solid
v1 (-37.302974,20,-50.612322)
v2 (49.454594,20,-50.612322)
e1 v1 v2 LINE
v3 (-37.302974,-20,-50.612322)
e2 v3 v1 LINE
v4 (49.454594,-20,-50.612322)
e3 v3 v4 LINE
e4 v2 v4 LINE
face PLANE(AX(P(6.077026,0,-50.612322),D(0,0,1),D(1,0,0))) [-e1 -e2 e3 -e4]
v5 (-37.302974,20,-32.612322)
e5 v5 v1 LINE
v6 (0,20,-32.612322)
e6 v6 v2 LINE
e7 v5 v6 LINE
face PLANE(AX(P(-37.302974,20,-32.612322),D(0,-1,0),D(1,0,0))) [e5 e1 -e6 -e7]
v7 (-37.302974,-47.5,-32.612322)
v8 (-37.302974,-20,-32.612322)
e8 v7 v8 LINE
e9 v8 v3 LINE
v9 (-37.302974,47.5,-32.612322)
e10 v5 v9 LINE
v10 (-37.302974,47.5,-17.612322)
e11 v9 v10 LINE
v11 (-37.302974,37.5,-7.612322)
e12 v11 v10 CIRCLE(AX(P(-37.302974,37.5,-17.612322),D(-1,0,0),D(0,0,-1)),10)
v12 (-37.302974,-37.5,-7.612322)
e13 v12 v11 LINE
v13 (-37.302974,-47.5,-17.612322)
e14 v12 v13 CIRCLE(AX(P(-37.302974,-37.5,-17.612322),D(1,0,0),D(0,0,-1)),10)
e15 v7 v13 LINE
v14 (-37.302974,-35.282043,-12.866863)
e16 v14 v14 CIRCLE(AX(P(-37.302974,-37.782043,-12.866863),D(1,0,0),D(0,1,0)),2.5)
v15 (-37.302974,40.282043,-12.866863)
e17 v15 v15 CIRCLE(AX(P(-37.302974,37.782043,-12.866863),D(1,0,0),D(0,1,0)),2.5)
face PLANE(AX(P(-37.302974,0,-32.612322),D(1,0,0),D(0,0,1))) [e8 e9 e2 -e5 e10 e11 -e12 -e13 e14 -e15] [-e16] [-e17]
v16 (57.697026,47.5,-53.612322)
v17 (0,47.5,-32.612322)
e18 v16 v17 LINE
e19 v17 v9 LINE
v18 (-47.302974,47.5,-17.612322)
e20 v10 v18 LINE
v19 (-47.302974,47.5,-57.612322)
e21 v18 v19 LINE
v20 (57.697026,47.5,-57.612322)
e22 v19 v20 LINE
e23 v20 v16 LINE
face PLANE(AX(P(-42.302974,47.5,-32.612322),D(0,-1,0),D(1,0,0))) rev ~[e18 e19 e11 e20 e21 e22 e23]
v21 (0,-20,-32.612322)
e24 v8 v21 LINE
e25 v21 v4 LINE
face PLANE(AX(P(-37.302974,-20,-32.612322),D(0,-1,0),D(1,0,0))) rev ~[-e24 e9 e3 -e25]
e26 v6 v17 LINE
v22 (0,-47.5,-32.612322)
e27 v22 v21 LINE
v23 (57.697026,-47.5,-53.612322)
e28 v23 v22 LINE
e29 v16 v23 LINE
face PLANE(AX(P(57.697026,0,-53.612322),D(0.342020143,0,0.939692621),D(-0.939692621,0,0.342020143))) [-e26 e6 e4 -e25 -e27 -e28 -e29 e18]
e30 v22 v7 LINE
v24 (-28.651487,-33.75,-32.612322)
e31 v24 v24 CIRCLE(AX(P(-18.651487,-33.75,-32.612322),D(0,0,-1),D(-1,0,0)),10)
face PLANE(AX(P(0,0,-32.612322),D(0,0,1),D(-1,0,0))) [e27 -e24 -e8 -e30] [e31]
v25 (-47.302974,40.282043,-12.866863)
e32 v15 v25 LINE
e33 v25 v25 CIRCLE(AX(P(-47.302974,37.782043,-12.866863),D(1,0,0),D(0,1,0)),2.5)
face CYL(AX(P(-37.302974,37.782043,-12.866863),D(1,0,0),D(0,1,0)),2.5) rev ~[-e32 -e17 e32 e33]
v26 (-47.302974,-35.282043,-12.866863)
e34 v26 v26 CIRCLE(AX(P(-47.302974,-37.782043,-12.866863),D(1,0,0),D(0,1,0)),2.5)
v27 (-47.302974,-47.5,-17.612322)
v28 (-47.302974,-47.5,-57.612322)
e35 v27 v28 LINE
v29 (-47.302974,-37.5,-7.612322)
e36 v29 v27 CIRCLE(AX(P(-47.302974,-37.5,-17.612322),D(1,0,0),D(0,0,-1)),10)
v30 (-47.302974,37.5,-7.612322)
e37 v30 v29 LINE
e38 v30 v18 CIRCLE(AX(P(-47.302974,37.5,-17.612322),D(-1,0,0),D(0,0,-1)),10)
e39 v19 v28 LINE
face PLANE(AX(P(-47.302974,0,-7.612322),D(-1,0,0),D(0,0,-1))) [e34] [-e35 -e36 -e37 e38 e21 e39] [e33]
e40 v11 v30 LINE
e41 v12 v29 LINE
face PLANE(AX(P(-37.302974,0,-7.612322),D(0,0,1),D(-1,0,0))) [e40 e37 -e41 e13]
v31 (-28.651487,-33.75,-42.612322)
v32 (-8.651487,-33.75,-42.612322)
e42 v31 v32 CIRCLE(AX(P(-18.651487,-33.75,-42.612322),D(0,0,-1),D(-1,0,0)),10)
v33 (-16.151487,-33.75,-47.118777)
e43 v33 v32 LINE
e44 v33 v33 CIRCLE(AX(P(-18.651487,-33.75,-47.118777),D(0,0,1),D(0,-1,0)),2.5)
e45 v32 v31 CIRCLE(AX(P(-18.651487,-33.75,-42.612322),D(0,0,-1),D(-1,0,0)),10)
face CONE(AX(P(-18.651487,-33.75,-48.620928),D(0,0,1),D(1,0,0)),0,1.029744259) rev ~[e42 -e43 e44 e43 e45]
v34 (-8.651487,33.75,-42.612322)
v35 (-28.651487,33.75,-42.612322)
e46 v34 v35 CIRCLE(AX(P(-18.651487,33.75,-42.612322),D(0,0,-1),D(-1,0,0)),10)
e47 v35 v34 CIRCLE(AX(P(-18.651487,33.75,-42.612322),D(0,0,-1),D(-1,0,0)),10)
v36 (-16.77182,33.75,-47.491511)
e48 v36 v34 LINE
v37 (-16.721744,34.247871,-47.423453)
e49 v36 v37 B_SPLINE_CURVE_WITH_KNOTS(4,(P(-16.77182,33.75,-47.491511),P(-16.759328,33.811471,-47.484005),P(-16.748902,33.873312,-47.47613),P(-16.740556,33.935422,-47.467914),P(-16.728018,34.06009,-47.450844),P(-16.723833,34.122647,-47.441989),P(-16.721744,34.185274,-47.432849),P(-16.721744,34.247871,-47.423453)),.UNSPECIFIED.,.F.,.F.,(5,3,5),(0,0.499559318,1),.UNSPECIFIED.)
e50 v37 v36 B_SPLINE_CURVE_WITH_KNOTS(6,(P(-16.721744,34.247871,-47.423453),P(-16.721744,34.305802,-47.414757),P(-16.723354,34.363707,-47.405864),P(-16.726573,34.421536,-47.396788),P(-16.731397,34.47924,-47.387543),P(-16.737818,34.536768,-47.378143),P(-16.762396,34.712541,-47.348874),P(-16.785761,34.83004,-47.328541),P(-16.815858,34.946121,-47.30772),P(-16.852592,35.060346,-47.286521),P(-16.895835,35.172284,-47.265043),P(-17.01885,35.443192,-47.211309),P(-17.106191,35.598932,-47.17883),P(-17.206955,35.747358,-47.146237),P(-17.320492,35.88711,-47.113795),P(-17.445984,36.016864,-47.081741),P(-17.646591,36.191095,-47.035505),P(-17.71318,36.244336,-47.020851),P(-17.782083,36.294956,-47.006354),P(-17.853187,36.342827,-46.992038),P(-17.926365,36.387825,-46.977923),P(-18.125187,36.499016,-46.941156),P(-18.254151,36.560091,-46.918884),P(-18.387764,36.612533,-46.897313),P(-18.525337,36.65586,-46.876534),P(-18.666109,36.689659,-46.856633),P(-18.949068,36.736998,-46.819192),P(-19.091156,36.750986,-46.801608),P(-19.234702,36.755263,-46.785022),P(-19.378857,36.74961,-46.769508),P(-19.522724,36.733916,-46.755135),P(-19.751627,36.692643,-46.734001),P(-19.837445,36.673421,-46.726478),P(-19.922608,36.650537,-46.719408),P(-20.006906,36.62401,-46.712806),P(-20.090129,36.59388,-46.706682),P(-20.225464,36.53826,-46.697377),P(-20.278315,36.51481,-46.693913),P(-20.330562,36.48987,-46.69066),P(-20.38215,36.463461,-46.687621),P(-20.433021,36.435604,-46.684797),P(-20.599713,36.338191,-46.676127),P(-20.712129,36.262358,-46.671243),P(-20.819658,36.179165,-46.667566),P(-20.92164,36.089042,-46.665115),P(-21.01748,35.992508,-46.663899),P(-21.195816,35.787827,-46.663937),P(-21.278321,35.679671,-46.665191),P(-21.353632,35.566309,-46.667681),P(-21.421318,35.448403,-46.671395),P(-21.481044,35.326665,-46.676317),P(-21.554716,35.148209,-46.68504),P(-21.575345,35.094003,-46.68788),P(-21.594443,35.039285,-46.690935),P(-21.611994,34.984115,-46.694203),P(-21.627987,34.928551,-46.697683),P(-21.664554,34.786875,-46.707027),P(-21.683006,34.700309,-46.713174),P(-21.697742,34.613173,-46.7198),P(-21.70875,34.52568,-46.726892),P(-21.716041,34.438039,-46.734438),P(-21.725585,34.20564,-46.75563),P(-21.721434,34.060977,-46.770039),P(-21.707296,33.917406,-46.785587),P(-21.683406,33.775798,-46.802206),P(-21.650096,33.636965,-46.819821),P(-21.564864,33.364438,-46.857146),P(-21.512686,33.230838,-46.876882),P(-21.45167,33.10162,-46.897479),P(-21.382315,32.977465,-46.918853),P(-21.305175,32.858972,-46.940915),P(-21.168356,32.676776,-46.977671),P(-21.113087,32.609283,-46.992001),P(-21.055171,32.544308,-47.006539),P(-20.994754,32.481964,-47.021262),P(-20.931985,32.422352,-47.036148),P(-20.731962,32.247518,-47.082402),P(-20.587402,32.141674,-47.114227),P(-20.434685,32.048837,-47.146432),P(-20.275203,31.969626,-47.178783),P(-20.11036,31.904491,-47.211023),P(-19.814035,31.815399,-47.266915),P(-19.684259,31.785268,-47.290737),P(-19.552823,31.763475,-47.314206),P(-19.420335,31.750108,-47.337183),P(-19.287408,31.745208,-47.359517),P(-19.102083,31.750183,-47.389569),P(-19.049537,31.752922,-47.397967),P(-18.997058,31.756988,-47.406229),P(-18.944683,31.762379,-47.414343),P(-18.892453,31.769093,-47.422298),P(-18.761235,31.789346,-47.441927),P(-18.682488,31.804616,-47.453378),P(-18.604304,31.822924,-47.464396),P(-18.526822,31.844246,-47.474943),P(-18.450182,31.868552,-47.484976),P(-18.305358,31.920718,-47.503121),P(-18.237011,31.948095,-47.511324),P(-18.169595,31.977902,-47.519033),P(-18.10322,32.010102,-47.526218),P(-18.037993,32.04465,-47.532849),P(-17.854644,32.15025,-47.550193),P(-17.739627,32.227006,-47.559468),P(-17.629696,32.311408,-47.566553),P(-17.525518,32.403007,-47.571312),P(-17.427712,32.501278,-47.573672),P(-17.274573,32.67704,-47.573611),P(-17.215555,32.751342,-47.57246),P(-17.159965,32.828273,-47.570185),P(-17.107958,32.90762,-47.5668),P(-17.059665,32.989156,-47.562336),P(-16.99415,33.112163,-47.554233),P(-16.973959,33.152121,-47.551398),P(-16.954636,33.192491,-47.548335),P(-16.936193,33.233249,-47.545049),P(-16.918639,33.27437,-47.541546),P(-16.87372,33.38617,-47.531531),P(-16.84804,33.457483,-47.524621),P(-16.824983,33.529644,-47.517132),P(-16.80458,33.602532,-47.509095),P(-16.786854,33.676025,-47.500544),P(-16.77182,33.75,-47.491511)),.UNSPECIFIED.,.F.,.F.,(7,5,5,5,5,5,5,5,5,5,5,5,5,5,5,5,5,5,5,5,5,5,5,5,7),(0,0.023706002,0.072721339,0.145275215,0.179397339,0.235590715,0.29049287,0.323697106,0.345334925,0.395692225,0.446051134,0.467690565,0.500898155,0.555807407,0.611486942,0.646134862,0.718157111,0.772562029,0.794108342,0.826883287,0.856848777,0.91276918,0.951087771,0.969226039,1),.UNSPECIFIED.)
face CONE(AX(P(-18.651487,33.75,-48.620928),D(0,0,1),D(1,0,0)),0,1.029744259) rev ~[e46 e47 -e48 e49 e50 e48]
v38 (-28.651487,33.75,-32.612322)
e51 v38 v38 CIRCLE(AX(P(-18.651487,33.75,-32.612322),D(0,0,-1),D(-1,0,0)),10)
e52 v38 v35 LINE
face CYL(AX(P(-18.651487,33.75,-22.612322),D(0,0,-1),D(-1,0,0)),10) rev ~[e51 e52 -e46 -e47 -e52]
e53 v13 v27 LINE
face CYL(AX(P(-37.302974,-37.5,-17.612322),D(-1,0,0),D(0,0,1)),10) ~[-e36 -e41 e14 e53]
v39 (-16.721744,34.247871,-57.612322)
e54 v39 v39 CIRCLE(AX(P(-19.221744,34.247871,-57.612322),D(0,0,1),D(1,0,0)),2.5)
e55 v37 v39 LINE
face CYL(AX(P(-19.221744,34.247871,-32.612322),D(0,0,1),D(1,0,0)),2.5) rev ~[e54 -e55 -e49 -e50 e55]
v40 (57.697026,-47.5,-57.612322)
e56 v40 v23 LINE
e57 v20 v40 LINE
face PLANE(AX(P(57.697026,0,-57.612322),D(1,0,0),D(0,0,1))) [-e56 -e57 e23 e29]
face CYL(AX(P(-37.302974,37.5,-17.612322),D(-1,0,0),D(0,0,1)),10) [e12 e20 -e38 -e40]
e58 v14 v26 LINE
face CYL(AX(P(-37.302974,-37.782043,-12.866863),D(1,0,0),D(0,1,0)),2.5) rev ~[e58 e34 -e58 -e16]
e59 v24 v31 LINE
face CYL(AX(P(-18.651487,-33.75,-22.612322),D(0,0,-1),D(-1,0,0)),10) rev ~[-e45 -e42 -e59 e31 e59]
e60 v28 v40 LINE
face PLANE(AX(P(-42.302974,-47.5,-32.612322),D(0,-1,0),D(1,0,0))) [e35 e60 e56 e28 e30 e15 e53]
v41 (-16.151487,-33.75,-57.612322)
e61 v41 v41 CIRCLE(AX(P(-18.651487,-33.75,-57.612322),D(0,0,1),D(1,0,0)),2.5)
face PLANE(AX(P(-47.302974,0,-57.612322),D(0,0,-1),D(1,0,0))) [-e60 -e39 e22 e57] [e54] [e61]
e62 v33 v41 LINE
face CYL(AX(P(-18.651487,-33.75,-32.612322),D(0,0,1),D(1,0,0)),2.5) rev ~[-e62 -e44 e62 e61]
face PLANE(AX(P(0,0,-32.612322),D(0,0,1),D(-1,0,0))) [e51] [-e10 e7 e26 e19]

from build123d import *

# Parameters (mm, degrees)
F1_DEPTH  = 47.5
F2_W      = 86.76
F2_H      = 40
F3_DEPTH  = 18
F4_R      = 10
F5_R      = 2.5
F6_DEPTH  = 10
F8_D      = 20
F8_DEPTH  = 10
F8_TIP    = 6.0086061903
F9_R      = 2.5
F10_DEPTH = 25
F12_D     = 20
F12_DEPTH = 10
F12_TIP   = 6.0086061903
F13_R     = 2.5
F14_DEPTH = 25


with BuildPart() as f1:
    # F0 (on Front) → F1 (new body, symmetric)
    with BuildSketch(Plane.XZ):
        Polygon((-37.3029741915, -7.6123222187), (-47.3029741915, -7.6123222187), (-47.3029741915, -57.6123222187), (-37.3029741915, -57.6123222187), (-37.3029741915, -32.6123222187), align=None)
        Polygon((0, -32.6123222187), (-37.3029741915, -32.6123222187), (-37.3029741915, -57.6123222187), (57.6970258085, -57.6123222187), (57.6970258085, -53.6123222187), align=None)
    extrude(amount=F1_DEPTH, both=True)

    # F2 (on face) → F3 (cut)
    with BuildSketch(Plane.XY.offset(-32.6123222187)):
        with Locations((6.0770258085, 0)):
            Rectangle(F2_W, F2_H)
    extrude(amount=-F3_DEPTH, mode=Mode.SUBTRACT)

    # F4
    f4_edges = [f1.edges().sort_by_distance(p)[0] for p in [
        (-42.302974, -47.5, -7.612322),
        (-42.302974, 47.5, -7.612322),
    ]]
    fillet(f4_edges, radius=F4_R)

    # F5 (on face) → F6 (cut, through all)
    with BuildSketch(Plane.YZ.offset(-37.3029741915)):
        with Locations((-37.7820432186, -12.8668630496)):
            Circle(F5_R)
        with Locations((37.7820432186, -12.8668630496)):
            Circle(F5_R)
    extrude(amount=-F6_DEPTH, mode=Mode.SUBTRACT)

    # F8
    with Locations(Plane.XY.offset(-32.6123222187)):
        with Locations((-18.6514870957, -33.75)):
            Hole(F8_D / 2, depth=F8_DEPTH)
            with Locations((0, 0, -(F8_DEPTH + F8_TIP / 2))):  # 118° drill point
                Cone(0, F8_D / 2, F8_TIP, mode=Mode.SUBTRACT)

    # F9 (on face) → F10 (cut)
    with BuildSketch(Plane.XY.offset(-32.6123222187)):
        with Locations((-18.6514870957, -33.75)):
            Circle(F9_R)
    extrude(amount=-F10_DEPTH, mode=Mode.SUBTRACT)

    # F12
    with Locations(Plane.XY.offset(-32.6123222187)):
        with Locations((-18.6514870957, 33.75)):
            Hole(F12_D / 2, depth=F12_DEPTH)
            with Locations((0, 0, -(F12_DEPTH + F12_TIP / 2))):  # 118° drill point
                Cone(0, F12_D / 2, F12_TIP, mode=Mode.SUBTRACT)

    # F13 (on face) → F14 (cut)
    with BuildSketch(Plane.XY.offset(-32.6123222187)):
        with Locations((-19.2217435688, 34.2478714883)):
            Circle(F13_R)
    extrude(amount=-F14_DEPTH, mode=Mode.SUBTRACT)


solid = f1.part
